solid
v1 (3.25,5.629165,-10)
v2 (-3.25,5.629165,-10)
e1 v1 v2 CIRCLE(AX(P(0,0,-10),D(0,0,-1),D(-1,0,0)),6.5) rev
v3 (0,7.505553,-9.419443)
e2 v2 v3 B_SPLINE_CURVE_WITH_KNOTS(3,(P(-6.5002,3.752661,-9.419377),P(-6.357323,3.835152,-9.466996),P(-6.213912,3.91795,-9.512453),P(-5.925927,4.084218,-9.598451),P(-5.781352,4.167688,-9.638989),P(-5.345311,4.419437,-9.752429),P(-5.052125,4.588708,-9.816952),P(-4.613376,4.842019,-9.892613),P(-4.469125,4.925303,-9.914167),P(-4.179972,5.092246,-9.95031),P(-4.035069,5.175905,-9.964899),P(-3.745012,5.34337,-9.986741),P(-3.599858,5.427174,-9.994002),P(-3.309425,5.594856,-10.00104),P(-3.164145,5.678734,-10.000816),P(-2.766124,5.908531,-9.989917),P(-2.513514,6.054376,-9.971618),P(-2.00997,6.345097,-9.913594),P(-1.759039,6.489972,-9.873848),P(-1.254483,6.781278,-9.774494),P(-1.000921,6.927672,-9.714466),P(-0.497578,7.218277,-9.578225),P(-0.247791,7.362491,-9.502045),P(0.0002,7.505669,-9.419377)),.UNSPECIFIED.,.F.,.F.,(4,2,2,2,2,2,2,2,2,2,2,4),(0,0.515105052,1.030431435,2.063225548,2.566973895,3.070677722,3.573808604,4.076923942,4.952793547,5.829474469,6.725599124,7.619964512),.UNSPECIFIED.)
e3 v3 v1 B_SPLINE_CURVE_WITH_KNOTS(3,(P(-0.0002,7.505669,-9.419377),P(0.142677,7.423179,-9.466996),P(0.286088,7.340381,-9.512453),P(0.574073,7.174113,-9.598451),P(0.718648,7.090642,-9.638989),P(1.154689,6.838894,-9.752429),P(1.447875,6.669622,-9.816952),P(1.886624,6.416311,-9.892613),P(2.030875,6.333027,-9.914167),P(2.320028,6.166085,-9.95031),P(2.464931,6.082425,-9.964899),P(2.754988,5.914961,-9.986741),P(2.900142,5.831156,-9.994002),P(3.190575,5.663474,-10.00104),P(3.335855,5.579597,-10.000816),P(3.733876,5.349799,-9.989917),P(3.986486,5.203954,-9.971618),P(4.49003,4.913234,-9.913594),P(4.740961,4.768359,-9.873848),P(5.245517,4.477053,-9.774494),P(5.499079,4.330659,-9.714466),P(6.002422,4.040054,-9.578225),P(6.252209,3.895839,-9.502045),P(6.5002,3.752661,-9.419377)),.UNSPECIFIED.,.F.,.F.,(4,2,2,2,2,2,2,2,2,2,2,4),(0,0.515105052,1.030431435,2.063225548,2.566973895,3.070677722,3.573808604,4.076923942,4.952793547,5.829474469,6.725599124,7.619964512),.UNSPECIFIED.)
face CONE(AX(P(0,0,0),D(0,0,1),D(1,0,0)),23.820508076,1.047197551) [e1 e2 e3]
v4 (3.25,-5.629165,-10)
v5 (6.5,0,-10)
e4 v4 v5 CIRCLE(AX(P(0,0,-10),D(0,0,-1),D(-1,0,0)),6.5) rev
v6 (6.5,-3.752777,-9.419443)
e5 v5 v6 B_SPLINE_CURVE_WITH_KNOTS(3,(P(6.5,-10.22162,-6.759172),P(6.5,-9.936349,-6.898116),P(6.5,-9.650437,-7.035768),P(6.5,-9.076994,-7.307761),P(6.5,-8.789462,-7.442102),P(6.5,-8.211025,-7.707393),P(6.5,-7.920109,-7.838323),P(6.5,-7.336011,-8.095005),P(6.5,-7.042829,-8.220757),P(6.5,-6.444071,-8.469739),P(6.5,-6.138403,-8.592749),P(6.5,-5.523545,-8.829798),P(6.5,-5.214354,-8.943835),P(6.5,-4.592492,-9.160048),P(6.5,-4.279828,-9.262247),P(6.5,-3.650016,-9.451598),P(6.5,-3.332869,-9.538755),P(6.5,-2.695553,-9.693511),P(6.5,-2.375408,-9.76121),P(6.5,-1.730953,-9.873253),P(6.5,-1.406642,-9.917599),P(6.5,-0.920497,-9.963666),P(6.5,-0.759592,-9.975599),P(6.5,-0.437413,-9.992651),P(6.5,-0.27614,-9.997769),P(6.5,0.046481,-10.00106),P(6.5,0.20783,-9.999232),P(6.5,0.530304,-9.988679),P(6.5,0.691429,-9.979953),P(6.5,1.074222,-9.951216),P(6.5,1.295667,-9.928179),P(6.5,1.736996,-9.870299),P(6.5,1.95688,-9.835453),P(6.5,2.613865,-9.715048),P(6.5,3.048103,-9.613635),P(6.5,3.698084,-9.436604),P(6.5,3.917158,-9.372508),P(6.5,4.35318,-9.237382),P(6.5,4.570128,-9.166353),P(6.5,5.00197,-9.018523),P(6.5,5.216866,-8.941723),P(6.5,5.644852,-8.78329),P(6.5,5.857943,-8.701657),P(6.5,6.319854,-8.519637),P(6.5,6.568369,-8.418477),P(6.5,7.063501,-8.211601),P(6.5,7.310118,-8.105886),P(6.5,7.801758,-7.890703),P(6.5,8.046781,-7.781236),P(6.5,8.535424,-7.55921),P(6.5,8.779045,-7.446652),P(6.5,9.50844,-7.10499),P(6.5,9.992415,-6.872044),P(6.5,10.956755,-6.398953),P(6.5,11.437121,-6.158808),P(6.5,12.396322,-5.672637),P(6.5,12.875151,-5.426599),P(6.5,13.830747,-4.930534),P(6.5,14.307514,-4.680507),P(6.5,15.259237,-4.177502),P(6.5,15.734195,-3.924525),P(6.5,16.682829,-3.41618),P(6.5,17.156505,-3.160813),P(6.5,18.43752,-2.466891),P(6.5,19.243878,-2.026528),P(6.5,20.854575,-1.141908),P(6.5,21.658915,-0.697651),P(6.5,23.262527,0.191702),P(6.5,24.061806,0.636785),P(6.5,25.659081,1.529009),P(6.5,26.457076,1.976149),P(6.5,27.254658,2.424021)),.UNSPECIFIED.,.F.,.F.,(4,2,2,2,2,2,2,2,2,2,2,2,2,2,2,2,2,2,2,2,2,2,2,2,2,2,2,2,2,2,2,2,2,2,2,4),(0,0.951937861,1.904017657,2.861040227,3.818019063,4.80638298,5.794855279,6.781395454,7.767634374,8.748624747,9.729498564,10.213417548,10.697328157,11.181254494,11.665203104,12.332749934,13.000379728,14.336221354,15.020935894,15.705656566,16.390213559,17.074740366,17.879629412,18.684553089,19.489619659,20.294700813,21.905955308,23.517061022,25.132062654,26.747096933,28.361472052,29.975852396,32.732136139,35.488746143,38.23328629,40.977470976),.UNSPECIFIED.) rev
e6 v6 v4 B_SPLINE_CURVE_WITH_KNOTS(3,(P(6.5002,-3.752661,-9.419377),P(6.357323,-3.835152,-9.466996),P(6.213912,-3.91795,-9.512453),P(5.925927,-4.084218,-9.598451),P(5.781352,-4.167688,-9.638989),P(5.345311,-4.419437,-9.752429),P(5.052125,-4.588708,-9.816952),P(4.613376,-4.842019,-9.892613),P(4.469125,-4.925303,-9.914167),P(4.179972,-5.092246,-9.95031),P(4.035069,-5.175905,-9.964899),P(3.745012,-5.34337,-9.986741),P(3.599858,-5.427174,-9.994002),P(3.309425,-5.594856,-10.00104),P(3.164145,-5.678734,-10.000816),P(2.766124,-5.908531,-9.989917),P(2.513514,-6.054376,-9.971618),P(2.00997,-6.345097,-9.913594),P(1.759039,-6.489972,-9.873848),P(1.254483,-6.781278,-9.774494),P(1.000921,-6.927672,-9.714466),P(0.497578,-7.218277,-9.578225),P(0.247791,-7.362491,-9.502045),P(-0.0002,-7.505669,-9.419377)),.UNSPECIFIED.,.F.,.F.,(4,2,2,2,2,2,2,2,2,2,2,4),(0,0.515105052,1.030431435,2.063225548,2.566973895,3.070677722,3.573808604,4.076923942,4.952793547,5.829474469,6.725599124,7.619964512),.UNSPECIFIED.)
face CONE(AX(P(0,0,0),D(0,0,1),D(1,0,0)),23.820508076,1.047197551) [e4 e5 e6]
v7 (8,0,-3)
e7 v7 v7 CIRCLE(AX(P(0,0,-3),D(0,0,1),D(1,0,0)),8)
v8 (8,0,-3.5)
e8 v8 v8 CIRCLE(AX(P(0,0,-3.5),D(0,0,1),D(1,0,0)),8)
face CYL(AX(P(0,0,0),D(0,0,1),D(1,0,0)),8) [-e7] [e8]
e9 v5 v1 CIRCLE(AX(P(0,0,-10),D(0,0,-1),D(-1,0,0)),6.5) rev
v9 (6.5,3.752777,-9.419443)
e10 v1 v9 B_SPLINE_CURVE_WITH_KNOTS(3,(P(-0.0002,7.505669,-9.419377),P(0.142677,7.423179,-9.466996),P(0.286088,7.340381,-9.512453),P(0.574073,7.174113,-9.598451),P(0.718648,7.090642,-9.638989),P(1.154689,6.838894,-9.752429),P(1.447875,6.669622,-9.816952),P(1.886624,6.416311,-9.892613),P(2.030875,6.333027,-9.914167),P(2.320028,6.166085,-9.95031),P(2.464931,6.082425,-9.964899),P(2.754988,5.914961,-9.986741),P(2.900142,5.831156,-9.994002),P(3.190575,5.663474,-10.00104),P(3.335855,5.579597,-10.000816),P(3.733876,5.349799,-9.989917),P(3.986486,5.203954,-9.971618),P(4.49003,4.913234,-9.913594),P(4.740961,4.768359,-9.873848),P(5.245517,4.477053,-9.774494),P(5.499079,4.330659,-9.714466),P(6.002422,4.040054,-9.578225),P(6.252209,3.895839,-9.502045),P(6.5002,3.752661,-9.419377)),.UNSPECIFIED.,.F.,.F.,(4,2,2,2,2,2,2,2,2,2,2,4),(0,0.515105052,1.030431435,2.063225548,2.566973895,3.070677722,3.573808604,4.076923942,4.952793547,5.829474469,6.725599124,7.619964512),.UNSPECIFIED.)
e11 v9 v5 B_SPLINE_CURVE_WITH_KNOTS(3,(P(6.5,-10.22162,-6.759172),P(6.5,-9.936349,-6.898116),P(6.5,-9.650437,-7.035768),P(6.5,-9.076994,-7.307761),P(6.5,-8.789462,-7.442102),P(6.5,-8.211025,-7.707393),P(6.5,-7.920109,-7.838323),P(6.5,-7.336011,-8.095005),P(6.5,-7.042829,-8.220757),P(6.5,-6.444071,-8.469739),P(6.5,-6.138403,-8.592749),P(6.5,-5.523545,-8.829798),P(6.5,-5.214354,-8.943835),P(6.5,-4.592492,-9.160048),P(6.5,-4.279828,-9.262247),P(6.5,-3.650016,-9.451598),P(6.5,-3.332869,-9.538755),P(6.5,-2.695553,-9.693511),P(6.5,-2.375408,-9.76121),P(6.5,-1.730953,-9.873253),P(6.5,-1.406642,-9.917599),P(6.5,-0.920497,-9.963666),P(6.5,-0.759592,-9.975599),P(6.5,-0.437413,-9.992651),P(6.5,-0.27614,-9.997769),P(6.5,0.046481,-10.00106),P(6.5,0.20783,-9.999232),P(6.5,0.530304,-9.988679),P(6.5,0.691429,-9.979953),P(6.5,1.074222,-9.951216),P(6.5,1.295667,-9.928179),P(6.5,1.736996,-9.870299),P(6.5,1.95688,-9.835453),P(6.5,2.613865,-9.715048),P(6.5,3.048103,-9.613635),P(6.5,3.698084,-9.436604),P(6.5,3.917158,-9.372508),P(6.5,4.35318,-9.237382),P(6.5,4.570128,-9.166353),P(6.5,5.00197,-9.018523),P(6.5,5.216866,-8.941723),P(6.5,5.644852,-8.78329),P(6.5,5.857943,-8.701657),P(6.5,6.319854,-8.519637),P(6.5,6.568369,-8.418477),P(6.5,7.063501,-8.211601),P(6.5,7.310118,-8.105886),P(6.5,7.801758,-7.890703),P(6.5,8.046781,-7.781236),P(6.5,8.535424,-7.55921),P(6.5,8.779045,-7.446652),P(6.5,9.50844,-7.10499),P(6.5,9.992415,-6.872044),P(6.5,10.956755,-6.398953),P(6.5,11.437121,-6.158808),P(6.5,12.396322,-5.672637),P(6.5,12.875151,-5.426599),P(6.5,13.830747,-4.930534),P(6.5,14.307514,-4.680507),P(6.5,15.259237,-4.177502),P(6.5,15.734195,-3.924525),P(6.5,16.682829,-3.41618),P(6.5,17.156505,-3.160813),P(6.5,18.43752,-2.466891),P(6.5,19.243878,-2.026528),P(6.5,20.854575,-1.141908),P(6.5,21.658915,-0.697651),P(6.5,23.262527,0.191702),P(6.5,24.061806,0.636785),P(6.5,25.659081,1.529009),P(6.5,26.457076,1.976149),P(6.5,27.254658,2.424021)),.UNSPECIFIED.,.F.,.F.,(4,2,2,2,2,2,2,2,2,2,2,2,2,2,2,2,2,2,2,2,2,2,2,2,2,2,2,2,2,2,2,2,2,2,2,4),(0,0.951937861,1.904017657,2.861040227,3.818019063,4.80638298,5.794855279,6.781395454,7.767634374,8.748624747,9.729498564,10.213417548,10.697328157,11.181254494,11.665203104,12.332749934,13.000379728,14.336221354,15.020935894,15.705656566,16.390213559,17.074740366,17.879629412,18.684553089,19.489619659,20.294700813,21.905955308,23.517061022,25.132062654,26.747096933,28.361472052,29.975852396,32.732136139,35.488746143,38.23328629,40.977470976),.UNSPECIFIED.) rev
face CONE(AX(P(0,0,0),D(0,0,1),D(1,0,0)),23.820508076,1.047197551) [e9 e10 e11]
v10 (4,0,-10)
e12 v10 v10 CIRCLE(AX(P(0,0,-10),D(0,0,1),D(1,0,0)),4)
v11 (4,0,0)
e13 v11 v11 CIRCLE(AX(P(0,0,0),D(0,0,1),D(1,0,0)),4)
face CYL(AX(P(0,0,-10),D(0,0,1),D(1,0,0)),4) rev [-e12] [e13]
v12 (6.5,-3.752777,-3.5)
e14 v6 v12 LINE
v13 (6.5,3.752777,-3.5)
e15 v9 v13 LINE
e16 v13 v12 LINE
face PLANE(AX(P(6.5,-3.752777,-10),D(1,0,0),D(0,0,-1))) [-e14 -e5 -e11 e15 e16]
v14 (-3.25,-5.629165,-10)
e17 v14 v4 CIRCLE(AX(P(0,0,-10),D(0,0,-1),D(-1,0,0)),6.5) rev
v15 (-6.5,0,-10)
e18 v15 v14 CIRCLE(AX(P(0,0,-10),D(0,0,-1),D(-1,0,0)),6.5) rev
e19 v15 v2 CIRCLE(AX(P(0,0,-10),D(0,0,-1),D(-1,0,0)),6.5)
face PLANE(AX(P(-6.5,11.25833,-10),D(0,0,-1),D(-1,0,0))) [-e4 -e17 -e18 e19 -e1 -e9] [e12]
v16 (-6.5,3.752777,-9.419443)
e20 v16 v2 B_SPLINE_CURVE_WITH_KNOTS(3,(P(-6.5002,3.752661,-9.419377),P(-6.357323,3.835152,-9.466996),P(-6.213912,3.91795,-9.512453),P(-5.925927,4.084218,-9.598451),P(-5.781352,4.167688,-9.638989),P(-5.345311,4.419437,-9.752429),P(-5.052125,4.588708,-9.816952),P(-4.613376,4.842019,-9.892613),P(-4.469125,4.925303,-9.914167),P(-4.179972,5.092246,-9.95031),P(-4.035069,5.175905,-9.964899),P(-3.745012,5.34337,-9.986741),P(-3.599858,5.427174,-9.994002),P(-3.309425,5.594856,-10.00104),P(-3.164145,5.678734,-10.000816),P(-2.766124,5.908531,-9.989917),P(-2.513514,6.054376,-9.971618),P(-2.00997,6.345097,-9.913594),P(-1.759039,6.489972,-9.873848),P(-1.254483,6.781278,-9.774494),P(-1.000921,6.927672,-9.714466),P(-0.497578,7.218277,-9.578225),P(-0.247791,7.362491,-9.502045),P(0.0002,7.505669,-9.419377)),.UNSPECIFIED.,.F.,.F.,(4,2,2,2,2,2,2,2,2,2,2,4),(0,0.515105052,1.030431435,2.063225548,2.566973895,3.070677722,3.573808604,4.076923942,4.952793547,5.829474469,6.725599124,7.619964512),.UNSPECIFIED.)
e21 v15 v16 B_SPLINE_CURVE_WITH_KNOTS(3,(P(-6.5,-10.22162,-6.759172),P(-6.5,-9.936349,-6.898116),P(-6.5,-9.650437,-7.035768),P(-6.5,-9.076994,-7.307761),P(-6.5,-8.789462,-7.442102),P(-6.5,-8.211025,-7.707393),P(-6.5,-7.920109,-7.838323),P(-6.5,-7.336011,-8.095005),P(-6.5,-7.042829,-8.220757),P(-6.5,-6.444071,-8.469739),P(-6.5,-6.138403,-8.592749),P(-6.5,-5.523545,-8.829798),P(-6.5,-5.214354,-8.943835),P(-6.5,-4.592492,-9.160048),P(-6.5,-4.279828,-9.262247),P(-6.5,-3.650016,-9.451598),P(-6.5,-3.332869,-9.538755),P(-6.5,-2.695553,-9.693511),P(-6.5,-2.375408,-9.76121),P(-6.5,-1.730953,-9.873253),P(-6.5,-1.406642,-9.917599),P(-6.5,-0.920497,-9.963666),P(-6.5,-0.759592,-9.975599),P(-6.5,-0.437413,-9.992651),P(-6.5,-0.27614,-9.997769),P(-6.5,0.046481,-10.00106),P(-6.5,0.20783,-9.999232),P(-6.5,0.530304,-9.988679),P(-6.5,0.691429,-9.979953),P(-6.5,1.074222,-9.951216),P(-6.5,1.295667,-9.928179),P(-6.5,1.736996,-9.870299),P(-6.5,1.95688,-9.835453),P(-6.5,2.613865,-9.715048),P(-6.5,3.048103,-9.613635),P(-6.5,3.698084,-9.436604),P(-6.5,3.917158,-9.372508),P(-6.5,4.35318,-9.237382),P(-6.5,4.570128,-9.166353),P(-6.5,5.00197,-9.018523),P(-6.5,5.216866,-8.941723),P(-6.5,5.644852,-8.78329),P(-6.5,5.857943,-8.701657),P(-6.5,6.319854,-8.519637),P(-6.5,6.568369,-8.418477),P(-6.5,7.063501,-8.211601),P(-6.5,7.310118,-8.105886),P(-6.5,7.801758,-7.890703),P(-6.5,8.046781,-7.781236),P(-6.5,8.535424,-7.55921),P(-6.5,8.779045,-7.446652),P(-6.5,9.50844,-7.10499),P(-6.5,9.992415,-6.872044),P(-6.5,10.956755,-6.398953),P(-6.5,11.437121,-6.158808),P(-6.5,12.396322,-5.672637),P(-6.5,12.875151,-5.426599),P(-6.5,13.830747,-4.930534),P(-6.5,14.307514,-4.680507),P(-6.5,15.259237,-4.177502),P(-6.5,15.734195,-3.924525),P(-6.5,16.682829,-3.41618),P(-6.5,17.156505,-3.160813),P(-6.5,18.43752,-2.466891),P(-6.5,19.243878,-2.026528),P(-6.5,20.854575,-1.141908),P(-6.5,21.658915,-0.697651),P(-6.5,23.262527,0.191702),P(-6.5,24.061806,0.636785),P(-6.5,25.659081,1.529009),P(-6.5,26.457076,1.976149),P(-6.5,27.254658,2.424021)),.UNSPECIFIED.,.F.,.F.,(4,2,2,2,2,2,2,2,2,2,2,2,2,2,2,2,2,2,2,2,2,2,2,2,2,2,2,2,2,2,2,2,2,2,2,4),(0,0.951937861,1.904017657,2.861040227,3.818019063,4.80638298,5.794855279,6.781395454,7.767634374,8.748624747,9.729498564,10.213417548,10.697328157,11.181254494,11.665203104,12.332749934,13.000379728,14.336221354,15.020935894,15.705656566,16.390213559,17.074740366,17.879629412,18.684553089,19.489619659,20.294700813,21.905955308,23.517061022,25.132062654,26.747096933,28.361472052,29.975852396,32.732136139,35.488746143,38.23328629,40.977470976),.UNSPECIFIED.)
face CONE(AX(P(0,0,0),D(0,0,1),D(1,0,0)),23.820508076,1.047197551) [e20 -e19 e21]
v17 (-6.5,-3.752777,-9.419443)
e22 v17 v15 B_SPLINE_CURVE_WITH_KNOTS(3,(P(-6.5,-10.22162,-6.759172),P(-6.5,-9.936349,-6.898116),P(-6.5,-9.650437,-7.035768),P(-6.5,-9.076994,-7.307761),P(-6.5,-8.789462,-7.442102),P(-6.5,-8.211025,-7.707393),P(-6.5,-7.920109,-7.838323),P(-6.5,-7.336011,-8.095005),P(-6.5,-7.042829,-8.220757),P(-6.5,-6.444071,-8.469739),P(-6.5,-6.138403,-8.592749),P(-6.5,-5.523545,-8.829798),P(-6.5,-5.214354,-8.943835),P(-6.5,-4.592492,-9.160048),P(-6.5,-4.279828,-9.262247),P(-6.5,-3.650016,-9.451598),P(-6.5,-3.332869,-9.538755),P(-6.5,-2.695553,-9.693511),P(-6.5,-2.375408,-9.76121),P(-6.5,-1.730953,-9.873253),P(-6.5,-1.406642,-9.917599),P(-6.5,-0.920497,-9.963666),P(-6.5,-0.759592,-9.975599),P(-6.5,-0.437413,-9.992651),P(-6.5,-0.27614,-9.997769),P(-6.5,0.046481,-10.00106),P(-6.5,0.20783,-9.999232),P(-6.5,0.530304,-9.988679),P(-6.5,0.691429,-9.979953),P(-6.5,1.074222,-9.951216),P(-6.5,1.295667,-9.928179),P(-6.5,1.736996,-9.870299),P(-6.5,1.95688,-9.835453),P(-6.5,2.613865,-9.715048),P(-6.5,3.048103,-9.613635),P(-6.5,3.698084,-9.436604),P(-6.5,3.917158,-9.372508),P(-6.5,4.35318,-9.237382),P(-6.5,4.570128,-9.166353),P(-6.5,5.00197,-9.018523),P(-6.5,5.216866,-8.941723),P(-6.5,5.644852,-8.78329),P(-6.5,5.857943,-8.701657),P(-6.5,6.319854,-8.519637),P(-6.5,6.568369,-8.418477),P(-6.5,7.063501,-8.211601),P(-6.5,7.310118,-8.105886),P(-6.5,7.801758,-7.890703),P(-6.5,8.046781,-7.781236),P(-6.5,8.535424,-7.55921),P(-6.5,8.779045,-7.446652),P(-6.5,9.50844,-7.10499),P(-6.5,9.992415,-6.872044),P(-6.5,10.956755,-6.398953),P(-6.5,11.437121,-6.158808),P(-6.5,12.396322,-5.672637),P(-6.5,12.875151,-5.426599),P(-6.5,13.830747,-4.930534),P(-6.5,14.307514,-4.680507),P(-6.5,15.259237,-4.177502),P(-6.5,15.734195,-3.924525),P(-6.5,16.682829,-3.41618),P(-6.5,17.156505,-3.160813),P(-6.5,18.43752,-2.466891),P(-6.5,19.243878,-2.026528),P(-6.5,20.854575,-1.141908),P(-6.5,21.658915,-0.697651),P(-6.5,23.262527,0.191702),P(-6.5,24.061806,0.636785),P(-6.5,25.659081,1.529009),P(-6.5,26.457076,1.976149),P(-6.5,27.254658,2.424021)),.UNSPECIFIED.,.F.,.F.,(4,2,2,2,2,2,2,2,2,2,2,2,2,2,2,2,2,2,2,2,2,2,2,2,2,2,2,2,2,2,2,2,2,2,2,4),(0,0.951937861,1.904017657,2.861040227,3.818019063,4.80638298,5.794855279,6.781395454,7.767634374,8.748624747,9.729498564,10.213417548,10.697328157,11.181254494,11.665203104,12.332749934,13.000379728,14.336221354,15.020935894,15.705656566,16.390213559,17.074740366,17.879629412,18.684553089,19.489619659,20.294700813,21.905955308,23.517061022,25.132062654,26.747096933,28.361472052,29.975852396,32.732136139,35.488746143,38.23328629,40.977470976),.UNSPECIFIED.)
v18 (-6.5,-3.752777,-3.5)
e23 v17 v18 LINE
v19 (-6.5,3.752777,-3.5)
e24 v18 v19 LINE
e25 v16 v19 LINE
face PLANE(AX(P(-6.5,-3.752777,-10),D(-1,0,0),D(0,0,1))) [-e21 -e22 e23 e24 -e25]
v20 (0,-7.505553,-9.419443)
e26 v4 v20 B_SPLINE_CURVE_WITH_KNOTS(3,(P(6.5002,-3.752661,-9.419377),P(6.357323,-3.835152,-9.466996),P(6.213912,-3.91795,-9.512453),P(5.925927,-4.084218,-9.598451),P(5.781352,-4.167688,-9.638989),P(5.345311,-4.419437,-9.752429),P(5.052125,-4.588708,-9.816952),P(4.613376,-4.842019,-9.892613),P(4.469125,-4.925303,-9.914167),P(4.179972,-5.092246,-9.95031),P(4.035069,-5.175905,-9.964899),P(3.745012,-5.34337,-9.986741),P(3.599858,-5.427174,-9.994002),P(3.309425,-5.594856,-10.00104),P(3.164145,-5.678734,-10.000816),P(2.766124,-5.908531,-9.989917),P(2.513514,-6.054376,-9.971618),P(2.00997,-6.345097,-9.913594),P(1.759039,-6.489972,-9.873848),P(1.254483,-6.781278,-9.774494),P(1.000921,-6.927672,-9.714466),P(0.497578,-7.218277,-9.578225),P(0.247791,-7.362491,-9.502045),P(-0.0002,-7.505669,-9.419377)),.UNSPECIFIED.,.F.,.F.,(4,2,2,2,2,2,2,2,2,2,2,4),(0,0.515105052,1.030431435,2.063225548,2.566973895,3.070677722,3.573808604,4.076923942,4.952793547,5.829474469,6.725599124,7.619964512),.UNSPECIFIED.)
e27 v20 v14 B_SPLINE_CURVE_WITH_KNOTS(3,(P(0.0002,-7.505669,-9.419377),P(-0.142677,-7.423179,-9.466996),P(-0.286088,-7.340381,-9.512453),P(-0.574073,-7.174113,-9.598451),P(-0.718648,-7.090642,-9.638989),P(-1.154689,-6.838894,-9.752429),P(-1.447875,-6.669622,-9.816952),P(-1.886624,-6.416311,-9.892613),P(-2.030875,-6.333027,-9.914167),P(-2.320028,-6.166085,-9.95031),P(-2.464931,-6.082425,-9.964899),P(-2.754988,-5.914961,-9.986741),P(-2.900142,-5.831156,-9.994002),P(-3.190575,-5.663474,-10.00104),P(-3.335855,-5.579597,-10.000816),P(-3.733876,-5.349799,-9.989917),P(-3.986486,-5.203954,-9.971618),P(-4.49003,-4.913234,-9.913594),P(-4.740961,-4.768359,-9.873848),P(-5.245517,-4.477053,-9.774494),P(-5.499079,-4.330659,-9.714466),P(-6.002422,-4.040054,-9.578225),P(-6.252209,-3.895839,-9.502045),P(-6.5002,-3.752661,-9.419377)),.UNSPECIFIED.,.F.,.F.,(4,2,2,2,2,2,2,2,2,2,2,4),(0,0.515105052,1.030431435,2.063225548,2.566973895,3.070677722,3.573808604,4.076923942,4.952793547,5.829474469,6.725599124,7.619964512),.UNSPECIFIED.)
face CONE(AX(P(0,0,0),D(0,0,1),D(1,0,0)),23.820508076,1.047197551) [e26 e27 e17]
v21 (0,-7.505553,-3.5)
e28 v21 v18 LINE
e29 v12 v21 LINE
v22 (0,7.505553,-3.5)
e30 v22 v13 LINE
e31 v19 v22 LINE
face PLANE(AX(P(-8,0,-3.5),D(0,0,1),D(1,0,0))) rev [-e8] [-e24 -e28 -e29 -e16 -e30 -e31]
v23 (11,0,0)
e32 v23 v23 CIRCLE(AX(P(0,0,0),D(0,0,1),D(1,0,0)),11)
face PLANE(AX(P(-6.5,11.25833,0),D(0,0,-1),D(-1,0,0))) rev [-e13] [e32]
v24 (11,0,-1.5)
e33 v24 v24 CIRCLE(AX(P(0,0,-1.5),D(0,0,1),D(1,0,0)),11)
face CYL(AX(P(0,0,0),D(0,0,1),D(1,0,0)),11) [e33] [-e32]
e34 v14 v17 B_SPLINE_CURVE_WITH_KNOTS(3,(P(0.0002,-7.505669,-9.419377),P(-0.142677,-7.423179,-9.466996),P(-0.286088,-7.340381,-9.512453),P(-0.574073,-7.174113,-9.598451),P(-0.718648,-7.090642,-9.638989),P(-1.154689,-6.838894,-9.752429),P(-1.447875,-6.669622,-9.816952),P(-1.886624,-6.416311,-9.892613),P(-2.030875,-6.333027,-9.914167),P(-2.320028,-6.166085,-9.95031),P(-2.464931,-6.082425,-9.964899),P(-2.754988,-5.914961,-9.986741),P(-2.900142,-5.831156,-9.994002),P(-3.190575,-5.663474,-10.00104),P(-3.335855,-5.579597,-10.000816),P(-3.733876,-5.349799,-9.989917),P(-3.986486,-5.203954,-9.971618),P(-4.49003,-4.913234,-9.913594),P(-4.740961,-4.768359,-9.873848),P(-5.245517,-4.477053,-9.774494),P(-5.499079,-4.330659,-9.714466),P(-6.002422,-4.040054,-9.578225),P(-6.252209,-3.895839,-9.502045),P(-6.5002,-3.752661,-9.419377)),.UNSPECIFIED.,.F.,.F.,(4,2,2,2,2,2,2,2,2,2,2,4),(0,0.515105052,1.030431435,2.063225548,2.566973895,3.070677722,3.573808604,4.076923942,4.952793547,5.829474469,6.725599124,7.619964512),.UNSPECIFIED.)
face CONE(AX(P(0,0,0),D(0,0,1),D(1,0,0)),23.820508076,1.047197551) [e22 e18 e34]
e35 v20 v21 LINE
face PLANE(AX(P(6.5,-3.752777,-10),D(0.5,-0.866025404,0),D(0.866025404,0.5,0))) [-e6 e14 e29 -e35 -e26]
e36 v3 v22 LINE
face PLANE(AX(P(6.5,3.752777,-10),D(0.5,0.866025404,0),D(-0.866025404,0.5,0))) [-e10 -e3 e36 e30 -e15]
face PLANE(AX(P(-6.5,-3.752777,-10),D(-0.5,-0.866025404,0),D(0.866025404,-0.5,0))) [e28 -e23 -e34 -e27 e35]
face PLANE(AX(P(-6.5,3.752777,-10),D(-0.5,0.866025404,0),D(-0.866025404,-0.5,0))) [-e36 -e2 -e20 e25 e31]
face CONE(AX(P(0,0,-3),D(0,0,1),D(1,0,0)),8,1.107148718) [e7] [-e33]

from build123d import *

# Parameters (mm, degrees)
BASE_EXTRUSION_DEPTH    = 10
ESQUISSE3_R             = 4
ENL_V_MAT_EXTRU_1_DEPTH = 15.091959883


with BuildPart() as part:
    # Esquisse1 → Base-Extrusion (new body)
    with BuildSketch(Plane.XY):
        Polygon((6.5, -3.75277675), (6.5, 3.75277675), (0, 7.505553499), (-6.5, 3.75277675), (-6.5, -3.75277675), (0, -7.505553499), align=None)
    extrude(amount=-BASE_EXTRUSION_DEPTH)

    # Esquisse2 → Enlèvement de matière-Révolution1 (revolve, cut)
    with BuildSketch(Plane(origin=(0, 0, 0), x_dir=(1, 0, 0), z_dir=(0, 1, 0))):
        Polygon((-6.5, 10), (-23.820508076, 10), (-23.820508076, 0), align=None)
    revolve(axis=Axis((0, 0, -10), (0, 0, 1)), mode=Mode.SUBTRACT)

    # Esquisse3 → Enlèv. mat.-Extru.1 (cut, through all)
    with BuildSketch(Plane.XY):
        Circle(ESQUISSE3_R)
    extrude(amount=-ENL_V_MAT_EXTRU_1_DEPTH, mode=Mode.SUBTRACT)

    # Esquisse4 → Boss.-Révol.1 (revolve)
    with BuildSketch(Plane(origin=(0, 0, 0), x_dir=(1, 0, 0), z_dir=(0, 1, 0))):
        Polygon((-6.5, 0), (-11, 0), (-11, 1.5), (-8, 3), (-8, 3.5), (-6.5, 3.5), align=None)
    revolve(axis=Axis((0, 0, 0), (0, 0, -1)))


solid = part.part
